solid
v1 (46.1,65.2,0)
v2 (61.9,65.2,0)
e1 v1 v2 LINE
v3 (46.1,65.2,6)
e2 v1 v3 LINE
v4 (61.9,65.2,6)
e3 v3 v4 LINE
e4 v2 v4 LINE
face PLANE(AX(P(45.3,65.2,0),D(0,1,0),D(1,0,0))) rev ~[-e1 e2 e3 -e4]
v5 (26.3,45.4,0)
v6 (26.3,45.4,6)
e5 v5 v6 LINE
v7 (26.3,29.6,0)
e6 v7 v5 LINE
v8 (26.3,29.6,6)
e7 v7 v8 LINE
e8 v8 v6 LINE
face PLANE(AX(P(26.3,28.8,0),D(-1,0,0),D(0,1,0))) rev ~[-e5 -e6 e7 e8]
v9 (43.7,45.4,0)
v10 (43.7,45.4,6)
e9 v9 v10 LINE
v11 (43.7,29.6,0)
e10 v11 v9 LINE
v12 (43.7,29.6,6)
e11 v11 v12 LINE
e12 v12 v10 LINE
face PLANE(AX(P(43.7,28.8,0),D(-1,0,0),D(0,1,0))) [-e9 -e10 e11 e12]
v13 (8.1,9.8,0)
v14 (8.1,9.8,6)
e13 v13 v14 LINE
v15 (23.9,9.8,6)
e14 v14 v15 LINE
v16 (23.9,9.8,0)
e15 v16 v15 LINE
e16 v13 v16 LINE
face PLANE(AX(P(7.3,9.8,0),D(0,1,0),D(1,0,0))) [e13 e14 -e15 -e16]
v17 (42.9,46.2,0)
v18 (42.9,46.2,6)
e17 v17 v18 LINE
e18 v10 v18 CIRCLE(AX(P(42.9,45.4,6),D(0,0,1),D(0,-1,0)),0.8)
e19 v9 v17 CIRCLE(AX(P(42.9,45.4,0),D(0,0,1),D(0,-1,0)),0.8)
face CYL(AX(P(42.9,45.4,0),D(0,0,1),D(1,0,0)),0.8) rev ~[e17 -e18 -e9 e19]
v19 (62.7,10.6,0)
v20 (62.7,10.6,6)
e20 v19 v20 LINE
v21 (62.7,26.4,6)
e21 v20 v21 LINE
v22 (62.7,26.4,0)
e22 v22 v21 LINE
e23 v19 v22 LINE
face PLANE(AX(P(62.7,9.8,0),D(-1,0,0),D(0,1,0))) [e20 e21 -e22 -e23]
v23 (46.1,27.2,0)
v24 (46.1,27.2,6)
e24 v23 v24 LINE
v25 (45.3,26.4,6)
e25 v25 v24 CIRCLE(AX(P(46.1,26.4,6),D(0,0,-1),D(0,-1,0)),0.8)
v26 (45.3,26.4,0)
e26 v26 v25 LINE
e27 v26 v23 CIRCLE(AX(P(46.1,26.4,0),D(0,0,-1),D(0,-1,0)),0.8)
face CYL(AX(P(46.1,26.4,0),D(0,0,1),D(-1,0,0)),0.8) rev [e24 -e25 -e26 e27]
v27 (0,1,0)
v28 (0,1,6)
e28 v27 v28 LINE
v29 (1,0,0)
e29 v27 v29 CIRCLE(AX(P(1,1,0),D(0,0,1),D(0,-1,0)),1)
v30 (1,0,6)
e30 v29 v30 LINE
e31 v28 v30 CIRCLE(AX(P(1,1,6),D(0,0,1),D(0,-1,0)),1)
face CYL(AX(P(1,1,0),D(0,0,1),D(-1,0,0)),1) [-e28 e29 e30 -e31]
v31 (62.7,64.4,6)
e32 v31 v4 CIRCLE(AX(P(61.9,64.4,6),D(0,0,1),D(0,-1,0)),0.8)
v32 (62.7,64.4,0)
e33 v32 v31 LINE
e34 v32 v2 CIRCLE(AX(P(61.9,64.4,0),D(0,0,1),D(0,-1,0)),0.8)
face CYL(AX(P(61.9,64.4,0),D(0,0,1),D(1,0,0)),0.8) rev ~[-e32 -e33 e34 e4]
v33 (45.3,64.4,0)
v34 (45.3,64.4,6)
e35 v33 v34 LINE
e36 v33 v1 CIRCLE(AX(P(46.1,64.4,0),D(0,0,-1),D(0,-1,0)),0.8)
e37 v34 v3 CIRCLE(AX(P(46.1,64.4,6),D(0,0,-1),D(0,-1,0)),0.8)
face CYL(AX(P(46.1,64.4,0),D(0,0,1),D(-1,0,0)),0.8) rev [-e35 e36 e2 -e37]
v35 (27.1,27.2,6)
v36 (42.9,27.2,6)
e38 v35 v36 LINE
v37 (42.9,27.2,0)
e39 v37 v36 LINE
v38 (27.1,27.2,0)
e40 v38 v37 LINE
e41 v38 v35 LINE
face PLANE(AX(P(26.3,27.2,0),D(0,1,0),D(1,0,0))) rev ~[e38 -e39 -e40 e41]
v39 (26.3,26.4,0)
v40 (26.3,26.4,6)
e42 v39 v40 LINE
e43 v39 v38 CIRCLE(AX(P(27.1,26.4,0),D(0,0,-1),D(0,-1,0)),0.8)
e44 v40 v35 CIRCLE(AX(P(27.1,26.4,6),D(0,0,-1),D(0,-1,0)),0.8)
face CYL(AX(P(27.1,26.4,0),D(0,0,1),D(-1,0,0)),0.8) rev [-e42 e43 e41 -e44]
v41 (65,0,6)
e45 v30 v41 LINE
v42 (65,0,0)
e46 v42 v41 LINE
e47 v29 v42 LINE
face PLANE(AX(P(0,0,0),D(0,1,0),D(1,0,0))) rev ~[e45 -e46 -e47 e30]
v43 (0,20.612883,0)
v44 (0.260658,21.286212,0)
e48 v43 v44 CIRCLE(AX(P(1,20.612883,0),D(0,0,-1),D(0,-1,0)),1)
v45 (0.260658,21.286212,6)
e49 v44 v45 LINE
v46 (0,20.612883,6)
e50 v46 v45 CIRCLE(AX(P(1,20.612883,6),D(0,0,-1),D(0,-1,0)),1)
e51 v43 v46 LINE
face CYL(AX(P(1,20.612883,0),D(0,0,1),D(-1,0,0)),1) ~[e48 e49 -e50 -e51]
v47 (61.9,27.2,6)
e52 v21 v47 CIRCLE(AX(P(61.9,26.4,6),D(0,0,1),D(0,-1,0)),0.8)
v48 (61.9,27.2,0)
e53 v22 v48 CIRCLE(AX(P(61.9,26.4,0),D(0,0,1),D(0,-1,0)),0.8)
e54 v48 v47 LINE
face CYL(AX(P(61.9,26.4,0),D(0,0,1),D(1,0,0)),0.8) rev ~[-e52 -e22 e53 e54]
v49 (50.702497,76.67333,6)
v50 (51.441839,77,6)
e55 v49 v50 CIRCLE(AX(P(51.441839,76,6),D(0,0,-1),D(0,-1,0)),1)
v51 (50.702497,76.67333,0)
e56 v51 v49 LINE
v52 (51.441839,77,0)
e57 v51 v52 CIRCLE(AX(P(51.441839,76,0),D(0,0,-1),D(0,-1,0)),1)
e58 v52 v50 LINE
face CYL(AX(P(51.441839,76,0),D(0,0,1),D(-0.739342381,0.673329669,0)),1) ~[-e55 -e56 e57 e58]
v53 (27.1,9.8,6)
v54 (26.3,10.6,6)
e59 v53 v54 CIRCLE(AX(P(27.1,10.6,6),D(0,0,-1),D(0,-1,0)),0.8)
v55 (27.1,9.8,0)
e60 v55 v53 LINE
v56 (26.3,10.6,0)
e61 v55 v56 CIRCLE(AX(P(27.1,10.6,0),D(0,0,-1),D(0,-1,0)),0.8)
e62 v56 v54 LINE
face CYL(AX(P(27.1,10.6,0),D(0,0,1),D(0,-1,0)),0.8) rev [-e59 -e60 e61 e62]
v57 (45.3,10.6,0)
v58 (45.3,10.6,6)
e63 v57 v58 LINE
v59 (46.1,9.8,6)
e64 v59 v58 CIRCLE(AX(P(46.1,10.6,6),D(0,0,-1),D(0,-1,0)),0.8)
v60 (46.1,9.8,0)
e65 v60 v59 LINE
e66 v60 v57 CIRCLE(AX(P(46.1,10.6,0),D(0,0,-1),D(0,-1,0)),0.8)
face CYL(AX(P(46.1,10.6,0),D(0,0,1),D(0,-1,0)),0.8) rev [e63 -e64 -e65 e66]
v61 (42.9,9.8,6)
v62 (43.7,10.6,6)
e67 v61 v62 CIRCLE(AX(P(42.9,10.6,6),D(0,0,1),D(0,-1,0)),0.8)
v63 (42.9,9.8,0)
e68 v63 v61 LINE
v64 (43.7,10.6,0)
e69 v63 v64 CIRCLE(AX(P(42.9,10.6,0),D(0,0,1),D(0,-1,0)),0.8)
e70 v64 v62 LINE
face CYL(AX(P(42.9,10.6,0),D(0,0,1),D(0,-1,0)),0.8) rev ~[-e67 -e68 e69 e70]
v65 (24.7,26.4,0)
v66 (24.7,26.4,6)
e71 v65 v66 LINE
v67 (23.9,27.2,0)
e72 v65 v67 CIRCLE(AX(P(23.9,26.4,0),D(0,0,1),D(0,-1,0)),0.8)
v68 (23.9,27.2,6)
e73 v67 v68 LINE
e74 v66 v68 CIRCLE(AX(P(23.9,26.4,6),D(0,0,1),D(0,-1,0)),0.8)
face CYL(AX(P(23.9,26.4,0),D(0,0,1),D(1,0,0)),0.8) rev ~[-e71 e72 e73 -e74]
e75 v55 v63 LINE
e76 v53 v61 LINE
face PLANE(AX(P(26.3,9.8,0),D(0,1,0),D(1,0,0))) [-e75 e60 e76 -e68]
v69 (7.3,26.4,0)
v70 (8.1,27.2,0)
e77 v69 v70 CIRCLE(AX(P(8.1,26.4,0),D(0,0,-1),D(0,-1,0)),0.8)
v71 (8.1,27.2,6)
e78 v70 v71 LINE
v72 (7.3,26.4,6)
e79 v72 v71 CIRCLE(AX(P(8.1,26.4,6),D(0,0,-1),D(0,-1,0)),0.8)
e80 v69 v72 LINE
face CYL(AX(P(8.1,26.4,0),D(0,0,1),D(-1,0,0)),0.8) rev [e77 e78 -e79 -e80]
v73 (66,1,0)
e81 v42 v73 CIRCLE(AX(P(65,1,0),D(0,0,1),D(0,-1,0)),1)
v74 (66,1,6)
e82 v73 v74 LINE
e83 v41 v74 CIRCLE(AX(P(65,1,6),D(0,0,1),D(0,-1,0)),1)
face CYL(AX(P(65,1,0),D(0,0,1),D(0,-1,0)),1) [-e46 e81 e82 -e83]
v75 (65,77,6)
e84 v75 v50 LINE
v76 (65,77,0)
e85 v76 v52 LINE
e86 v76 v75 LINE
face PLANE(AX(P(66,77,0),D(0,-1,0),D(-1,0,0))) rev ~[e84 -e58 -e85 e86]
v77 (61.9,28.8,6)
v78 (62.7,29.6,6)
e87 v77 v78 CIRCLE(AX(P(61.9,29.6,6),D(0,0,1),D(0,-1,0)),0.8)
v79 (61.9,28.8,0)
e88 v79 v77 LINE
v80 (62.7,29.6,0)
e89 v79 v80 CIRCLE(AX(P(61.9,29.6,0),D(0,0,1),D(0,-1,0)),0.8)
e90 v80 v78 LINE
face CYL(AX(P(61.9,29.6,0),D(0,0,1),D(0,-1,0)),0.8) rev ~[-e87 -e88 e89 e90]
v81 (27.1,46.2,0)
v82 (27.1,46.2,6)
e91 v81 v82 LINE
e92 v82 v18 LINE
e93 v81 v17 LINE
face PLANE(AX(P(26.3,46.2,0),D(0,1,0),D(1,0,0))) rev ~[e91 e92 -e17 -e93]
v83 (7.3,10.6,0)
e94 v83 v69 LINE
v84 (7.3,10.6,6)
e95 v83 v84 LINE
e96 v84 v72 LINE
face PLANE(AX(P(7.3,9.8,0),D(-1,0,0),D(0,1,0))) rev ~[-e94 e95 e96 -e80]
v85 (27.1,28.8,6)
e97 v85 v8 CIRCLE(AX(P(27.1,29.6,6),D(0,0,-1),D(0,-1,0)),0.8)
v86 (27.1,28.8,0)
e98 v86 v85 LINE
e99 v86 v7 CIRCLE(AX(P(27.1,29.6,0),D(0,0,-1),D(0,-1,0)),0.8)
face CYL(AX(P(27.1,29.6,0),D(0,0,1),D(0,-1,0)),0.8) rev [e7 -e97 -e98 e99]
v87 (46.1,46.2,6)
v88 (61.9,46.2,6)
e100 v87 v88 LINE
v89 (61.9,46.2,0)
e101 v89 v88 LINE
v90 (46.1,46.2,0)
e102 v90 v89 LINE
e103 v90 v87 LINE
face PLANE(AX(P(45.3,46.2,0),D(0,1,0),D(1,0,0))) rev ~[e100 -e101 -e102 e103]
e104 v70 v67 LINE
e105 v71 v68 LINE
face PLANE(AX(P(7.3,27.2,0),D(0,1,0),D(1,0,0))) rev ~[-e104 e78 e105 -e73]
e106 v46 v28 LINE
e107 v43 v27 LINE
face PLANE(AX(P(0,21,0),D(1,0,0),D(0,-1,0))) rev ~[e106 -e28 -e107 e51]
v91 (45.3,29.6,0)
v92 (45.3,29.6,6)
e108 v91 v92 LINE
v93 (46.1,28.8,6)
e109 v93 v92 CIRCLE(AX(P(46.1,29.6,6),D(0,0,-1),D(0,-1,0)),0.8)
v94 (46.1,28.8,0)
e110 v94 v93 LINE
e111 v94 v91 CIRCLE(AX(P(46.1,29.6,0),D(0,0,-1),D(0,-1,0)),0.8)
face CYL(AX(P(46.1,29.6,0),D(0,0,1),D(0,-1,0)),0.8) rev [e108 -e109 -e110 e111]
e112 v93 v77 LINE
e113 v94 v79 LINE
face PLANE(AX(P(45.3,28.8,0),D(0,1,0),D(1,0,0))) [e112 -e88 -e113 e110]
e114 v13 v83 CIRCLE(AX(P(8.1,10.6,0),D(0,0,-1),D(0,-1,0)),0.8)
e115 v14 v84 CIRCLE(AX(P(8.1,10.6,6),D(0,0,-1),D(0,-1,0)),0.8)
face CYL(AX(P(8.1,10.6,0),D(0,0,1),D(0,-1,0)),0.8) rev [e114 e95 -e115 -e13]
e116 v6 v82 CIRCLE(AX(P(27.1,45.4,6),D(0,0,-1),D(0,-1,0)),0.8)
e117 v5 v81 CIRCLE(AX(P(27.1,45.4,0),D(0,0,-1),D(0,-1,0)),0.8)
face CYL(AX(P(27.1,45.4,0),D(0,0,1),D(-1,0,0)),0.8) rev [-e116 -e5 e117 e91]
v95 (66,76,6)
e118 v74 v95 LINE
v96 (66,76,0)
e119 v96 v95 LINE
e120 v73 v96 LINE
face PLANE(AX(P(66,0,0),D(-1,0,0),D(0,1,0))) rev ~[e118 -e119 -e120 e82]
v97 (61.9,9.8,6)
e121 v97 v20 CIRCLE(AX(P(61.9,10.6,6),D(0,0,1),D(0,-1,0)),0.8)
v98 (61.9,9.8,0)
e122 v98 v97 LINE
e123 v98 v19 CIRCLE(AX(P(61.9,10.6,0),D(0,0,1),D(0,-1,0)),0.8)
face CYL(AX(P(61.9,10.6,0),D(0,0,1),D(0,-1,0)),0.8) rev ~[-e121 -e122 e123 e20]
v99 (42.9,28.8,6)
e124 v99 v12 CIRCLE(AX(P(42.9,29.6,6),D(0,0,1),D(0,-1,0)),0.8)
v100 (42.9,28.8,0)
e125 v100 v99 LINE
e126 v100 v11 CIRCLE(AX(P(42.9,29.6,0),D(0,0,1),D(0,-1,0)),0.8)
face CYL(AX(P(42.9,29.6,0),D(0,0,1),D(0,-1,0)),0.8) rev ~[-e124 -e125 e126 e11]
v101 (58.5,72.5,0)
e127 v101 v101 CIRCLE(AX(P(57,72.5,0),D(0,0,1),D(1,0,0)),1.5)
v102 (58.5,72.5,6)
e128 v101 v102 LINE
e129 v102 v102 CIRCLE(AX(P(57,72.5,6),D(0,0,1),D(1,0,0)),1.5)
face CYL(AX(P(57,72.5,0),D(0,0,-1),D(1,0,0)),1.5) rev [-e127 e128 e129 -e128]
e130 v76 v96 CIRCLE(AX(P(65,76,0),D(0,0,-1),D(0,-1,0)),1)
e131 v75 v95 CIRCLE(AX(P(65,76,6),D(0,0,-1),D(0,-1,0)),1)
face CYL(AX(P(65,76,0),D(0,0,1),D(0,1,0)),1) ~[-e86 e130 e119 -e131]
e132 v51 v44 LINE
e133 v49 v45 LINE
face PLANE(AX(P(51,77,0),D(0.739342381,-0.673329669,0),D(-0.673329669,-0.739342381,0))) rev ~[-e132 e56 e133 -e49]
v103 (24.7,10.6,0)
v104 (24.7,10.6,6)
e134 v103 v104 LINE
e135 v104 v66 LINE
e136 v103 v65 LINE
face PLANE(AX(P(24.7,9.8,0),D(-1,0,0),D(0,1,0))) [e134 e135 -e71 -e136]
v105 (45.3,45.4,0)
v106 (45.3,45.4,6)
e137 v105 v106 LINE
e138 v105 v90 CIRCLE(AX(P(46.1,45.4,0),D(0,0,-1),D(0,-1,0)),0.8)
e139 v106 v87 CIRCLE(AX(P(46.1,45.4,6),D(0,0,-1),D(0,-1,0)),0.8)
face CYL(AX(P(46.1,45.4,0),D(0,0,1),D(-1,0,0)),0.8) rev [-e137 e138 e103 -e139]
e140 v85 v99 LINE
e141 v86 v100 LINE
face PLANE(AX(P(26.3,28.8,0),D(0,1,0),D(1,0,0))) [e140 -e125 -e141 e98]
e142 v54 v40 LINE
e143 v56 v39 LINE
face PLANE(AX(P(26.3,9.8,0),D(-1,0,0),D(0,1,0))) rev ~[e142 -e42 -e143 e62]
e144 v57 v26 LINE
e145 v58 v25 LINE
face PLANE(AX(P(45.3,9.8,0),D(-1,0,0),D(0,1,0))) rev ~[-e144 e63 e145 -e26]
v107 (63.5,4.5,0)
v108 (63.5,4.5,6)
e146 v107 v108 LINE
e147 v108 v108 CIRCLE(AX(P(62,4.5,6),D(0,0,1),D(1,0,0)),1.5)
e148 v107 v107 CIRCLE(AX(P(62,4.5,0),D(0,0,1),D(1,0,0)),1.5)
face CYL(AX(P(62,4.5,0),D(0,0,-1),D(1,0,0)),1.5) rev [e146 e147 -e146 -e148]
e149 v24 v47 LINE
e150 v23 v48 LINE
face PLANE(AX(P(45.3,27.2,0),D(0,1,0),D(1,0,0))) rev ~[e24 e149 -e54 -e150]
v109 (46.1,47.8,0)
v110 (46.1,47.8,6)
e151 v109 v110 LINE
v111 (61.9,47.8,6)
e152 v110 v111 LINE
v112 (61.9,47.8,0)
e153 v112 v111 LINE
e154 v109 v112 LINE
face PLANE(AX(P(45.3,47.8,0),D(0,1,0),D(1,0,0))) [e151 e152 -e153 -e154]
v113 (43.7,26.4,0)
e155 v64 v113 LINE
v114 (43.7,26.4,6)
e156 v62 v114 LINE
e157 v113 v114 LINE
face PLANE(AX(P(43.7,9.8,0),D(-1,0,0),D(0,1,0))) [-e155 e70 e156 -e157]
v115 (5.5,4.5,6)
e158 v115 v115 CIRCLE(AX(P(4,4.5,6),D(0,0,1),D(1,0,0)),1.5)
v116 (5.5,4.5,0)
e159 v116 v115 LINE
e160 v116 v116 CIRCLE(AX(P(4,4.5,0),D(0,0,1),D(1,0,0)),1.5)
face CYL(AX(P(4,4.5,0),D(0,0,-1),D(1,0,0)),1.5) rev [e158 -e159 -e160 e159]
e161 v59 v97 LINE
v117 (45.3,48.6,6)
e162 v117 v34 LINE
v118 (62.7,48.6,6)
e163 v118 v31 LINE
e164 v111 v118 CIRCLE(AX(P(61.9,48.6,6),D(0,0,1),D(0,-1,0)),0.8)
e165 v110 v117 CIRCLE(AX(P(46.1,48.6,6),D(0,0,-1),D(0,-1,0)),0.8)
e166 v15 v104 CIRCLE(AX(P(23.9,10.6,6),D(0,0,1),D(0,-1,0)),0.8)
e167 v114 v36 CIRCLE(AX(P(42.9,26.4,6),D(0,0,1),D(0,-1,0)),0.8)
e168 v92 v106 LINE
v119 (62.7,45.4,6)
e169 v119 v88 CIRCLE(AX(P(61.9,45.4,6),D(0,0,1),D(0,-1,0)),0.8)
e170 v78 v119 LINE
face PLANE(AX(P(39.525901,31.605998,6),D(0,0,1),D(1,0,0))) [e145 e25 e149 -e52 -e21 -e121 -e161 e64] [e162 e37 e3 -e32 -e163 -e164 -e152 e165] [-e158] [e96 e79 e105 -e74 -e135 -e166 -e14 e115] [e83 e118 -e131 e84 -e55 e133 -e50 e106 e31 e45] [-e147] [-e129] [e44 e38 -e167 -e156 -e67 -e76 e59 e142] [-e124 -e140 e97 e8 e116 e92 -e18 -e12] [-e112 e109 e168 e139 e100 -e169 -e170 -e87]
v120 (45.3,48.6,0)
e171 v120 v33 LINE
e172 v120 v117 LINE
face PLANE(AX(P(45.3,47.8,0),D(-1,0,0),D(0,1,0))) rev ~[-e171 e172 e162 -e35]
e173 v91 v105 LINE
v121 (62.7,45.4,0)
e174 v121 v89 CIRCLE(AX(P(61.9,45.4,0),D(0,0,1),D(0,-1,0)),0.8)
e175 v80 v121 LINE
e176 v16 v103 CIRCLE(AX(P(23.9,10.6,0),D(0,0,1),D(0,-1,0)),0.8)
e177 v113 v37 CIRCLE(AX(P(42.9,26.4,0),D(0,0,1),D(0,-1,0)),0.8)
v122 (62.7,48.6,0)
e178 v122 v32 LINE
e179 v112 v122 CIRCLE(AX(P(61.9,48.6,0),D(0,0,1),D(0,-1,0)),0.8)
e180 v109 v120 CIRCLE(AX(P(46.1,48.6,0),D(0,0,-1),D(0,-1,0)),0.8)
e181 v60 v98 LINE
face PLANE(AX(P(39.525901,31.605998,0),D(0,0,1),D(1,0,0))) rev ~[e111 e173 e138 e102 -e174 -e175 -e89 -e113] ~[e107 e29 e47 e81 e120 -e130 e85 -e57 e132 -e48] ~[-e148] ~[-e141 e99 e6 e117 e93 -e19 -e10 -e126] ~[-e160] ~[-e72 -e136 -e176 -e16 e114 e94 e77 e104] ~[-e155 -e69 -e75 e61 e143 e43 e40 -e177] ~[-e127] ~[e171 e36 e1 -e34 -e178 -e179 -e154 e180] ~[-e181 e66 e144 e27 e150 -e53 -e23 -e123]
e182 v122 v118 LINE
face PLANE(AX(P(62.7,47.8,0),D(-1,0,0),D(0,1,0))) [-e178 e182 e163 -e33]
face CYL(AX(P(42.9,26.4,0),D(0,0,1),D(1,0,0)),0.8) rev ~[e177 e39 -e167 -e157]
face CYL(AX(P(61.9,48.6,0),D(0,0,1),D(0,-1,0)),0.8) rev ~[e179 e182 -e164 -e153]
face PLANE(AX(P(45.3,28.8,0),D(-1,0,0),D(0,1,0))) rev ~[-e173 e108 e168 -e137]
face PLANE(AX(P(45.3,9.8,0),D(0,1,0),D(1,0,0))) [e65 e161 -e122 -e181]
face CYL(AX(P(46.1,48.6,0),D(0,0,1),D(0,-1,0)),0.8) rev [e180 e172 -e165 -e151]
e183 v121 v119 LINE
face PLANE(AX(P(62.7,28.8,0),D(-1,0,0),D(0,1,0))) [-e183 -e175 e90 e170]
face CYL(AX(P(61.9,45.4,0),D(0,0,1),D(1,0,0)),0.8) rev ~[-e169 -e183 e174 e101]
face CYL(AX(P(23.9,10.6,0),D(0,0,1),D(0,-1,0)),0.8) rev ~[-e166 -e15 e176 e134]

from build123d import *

# Parameters (mm, degrees)
F0_R     = 1.5
F0_W     = 17.4
F0_H     = 17.4
F1_DEPTH = 6
F2_R     = 0.8
F3_R     = 1


with BuildPart() as f1:
    # F0 (on Top) → F1 (new body)
    with BuildSketch(Plane.XY):
        Polygon((0, 21), (0, 0), (66, 0), (66, 77), (51, 77), align=None)
        with Locations((4, 4.5)):
            Circle(F0_R, mode=Mode.SUBTRACT)
        with Locations((16, 18.5)):
            Rectangle(F0_W, F0_H, mode=Mode.SUBTRACT)
        with Locations((35, 18.5)):
            Rectangle(F0_W, F0_H, mode=Mode.SUBTRACT)
        with Locations((62, 4.5)):
            Circle(F0_R, mode=Mode.SUBTRACT)
        with Locations((54, 18.5)):
            Rectangle(F0_W, F0_H, mode=Mode.SUBTRACT)
        with Locations((35, 37.5)):
            Rectangle(F0_W, F0_H, mode=Mode.SUBTRACT)
        with Locations((54, 37.5)):
            Rectangle(F0_W, F0_H, mode=Mode.SUBTRACT)
        with Locations((54, 56.5)):
            Rectangle(F0_W, F0_H, mode=Mode.SUBTRACT)
        with Locations((57, 72.5)):
            Circle(F0_R, mode=Mode.SUBTRACT)
    extrude(amount=F1_DEPTH)

    # F2
    f2_edges = [f1.edges().sort_by_distance(p)[0] for p in [
        (7.3, 27.2, 3),
        (26.3, 27.2, 3),
        (45.3, 27.2, 3),
        (26.3, 46.2, 3),
        (45.3, 46.2, 3),
        (45.3, 65.2, 3),
        (62.7, 65.2, 3),
        (62.7, 46.2, 3),
        (62.7, 27.2, 3),
        (43.7, 46.2, 3),
        (43.7, 27.2, 3),
        (24.7, 27.2, 3),
        (62.7, 47.8, 3),
        (62.7, 28.8, 3),
        (62.7, 9.8, 3),
        (43.7, 9.8, 3),
        (24.7, 9.8, 3),
        (43.7, 28.8, 3),
        (26.3, 28.8, 3),
        (26.3, 9.8, 3),
        (7.3, 9.8, 3),
        (45.3, 9.8, 3),
        (45.3, 28.8, 3),
        (45.3, 47.8, 3),
    ]]
    fillet(f2_edges, radius=F2_R)

    # F3
    f3_edges = [f1.edges().sort_by_distance(p)[0] for p in [
        (66, 77, 3),
        (51, 77, 3),
        (0, 21, 3),
        (0, 0, 3),
        (66, 0, 3),
    ]]
    fillet(f3_edges, radius=F3_R)


solid = f1.part
